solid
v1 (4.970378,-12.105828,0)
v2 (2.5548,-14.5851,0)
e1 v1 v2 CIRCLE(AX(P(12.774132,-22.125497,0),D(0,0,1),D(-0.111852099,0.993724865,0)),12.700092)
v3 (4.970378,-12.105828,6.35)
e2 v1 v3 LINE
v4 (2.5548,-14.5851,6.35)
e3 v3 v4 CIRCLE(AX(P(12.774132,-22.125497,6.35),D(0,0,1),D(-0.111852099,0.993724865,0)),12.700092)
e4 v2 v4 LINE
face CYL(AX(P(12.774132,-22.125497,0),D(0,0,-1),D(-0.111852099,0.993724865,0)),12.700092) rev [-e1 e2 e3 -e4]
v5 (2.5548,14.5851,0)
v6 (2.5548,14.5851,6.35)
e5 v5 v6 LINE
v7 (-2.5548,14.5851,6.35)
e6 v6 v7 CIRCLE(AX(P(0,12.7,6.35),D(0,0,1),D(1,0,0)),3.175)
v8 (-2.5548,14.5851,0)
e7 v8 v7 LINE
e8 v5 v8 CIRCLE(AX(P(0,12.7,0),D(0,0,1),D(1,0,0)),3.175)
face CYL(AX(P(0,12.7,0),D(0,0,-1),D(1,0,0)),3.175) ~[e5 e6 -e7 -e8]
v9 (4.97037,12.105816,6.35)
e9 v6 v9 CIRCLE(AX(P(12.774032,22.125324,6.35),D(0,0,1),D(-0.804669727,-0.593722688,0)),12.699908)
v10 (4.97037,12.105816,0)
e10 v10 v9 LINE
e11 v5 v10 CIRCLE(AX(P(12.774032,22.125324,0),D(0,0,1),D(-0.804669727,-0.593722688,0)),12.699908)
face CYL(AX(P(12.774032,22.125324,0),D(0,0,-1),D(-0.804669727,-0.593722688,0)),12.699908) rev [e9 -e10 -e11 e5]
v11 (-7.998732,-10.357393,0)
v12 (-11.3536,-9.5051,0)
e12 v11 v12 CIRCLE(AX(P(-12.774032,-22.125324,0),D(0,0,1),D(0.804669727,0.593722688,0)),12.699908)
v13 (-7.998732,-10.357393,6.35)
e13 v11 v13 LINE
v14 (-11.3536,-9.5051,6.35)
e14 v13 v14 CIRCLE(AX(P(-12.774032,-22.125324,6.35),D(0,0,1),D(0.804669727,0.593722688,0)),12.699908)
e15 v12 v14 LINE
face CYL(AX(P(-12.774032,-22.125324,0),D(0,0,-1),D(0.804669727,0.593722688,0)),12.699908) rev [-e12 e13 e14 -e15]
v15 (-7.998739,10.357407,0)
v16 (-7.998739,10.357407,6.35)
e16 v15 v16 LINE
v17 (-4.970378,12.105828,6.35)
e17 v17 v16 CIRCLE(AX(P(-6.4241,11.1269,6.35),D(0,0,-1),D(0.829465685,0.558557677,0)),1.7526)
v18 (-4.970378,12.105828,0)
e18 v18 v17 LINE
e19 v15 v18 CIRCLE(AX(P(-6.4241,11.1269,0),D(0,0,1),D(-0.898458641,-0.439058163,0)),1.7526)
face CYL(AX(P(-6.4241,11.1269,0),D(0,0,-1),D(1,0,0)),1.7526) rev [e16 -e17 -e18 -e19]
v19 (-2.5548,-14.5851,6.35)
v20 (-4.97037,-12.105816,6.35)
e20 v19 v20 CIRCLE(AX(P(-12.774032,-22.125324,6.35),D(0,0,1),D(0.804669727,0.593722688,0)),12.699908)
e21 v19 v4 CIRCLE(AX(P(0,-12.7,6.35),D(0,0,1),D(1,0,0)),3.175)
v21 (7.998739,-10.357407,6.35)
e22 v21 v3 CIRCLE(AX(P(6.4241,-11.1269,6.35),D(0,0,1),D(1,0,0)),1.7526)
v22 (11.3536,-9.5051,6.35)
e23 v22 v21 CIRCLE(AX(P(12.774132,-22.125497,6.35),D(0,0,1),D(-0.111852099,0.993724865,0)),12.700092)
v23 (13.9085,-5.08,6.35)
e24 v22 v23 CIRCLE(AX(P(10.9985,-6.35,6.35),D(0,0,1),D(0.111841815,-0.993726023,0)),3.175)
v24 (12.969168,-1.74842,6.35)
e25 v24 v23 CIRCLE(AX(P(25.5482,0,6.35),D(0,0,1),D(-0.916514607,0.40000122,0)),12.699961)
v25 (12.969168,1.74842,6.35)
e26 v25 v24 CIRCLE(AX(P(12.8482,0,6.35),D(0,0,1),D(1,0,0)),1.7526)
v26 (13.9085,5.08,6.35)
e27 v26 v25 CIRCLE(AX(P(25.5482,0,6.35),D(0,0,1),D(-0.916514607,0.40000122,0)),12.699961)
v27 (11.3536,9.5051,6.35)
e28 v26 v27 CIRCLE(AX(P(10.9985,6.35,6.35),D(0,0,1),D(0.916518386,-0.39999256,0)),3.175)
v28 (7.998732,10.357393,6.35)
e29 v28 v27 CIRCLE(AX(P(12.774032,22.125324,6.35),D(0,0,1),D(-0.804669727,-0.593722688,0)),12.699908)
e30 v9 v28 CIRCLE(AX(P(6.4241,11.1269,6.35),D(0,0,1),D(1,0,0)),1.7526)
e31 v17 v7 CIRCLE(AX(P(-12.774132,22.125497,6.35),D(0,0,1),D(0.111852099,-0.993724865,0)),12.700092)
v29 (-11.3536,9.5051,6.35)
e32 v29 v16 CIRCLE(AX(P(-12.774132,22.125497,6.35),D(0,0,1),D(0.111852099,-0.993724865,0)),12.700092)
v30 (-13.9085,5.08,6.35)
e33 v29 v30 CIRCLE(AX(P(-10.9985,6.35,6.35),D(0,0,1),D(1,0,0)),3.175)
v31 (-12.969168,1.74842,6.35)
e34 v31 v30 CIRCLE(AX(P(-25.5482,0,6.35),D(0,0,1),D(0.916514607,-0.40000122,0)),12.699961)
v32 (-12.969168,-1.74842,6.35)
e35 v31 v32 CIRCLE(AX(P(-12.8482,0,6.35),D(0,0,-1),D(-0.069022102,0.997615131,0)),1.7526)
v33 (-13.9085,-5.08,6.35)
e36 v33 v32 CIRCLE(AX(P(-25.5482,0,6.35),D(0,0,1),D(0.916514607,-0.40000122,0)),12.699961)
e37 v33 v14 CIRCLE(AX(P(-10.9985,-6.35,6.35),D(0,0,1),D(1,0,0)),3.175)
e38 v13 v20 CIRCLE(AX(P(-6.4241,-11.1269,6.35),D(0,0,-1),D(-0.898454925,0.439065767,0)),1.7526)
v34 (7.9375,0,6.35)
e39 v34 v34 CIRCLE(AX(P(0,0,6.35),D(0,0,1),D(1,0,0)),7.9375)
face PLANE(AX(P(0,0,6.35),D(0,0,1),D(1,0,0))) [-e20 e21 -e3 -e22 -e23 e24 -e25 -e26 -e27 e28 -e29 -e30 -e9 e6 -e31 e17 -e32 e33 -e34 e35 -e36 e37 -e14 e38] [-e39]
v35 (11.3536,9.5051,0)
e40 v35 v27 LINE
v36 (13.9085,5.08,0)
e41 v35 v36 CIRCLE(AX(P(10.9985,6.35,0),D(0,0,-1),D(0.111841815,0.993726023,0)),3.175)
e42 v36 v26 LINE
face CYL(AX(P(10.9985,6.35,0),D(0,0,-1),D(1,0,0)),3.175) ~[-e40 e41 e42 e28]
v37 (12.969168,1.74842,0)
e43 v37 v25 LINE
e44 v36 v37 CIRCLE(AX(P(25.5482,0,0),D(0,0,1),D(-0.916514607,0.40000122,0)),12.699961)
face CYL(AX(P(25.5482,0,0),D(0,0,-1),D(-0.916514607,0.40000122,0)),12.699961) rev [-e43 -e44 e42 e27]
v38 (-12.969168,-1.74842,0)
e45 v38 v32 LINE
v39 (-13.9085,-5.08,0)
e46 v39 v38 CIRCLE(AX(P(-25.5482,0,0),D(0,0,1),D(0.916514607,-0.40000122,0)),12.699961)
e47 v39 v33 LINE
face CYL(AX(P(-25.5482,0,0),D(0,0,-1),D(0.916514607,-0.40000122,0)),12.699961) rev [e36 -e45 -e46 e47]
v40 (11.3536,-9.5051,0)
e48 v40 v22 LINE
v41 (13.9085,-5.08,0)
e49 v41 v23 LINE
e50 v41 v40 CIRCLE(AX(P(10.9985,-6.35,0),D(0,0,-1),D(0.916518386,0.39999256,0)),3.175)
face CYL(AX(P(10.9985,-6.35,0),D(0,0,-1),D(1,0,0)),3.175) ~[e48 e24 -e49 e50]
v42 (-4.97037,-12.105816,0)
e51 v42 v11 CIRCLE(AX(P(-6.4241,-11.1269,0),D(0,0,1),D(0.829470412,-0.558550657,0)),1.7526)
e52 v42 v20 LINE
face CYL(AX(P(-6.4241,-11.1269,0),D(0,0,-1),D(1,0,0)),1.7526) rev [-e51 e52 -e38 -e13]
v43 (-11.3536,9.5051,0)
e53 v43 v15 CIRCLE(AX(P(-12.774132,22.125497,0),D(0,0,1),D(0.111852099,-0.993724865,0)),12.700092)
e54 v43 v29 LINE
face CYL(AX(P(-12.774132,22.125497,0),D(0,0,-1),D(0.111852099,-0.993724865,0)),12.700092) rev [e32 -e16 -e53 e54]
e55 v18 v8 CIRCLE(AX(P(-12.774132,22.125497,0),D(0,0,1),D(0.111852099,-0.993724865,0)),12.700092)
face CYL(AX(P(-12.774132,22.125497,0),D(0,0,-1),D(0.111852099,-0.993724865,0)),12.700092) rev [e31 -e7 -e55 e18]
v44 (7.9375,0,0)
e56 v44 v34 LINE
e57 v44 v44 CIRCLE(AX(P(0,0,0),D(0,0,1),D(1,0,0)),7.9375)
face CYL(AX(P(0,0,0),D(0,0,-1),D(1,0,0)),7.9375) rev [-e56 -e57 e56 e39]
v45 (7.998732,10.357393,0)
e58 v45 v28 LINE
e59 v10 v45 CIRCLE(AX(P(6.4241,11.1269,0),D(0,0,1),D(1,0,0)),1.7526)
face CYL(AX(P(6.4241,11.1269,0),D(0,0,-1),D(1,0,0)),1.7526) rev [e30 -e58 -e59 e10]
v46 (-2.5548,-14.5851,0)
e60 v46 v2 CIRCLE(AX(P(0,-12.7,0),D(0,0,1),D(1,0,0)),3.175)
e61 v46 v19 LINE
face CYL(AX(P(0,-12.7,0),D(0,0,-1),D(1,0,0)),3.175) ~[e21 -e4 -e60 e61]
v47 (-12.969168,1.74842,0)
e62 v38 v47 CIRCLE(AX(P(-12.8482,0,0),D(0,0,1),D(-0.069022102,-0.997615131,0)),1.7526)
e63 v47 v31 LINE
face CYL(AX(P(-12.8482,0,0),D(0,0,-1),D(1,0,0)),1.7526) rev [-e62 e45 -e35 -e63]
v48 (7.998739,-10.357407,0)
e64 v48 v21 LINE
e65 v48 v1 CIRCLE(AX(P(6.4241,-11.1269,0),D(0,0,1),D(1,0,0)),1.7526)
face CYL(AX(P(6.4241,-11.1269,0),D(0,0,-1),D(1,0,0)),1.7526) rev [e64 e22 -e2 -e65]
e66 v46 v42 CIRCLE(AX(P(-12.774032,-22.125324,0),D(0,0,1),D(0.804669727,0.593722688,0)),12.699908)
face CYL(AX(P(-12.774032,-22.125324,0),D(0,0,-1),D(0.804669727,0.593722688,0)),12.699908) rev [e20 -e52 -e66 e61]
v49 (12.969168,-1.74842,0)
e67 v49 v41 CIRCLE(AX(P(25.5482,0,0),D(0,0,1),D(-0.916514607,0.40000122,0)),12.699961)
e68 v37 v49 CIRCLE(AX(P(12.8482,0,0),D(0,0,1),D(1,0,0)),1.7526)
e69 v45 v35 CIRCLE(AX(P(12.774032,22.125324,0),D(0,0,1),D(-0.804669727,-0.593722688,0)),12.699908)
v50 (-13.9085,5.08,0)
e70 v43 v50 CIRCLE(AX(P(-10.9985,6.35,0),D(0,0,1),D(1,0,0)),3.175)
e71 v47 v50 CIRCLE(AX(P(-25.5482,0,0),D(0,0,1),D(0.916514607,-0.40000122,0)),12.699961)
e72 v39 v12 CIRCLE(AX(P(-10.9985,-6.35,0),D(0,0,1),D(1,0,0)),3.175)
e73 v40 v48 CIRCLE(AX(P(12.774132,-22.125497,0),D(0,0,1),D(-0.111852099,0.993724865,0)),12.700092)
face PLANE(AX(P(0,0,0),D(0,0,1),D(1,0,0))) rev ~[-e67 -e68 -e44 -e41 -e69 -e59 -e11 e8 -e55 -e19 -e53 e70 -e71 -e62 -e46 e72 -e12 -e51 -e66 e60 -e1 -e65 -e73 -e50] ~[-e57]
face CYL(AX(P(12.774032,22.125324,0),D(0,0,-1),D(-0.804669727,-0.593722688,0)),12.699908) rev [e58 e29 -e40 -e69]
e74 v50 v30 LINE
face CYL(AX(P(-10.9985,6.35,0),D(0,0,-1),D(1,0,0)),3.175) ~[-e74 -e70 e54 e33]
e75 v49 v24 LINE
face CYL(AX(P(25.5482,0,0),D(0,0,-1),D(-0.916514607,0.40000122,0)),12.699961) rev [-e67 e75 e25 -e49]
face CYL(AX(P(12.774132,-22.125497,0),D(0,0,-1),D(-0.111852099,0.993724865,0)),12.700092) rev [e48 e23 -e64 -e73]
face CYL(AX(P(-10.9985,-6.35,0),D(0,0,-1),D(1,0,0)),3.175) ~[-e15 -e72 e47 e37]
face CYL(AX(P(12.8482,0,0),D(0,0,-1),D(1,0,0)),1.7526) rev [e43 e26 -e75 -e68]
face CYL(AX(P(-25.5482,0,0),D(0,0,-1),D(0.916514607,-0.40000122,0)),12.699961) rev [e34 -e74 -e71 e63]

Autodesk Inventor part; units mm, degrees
ref_plane "YZ Plane" through (0, 0, 0) normal (1, 0, 0) x (0, 1, 0)
ref_plane "XZ Plane" through (0, 0, 0) normal (0, 1, 0) x (-1, 0, 0)
ref_plane "XY Plane" through (0, 0, 0) normal (0, 0, 1) x (1, 0, 0)
sketch "Sketch1" plane through (0, 0, 0) normal (0, 0, 1) x (1, 0, 0)
  circle A0 centre (0, 0) radius 7.9375
  circle A1 centre (0, 0) radius 15.875 construction
  line L0 (0, 0) -> (0, 15.875) construction
  circle A2 centre (0, 12.7) radius 3.175
  circle A3 centre (-10.9985, 6.35) radius 3.175
  circle A4 centre (-10.9985, -6.35) radius 3.175
  circle A5 centre (0, -12.7) radius 3.175
  circle A6 centre (10.9985, -6.35) radius 3.175
  circle A7 centre (10.9985, 6.35) radius 3.175
  arc A8 (-11.3536, 9.5051) -> (-2.5548, 14.5851) centre (-12.7741, 22.1254) ccw
  circle A9 centre (-6.4241, 11.1269) radius 1.7526
  circle A10 centre (-12.8482, 0) radius 1.7526
  arc A11 (-13.9085, -5.08) -> (-13.9085, 5.08) centre (-25.5482, 0) ccw
  circle A12 centre (-6.4241, -11.1269) radius 1.7526
  arc A13 (-2.5548, -14.5851) -> (-11.3536, -9.5051) centre (-12.7741, -22.1254) ccw
  circle A14 centre (6.4241, -11.1269) radius 1.7526
  arc A15 (11.3536, -9.5051) -> (2.5548, -14.5851) centre (12.7741, -22.1254) ccw
  circle A16 centre (12.8482, 0) radius 1.7526
  arc A17 (13.9085, 5.08) -> (13.9085, -5.08) centre (25.5482, 0) ccw
  circle A18 centre (6.4241, 11.1269) radius 1.7526
  arc A19 (2.5548, 14.5851) -> (11.3536, 9.5051) centre (12.7741, 22.1254) ccw
  point P0 (-13.9085, 5.08)
  point P1 (-12.9691, 1.7484)
  point P2 (-12.9691, -1.7484)
  point P3 (-13.9085, -5.08)
  point P4 (-11.3536, -9.5051)
  point P5 (-7.9987, -10.3574)
  point P6 (-4.9704, -12.1058)
  point P7 (-2.5548, -14.5851)
  point P8 (2.5548, -14.5851)
  point P9 (4.9704, -12.1058)
  point P10 (7.9987, -10.3574)
  point P11 (11.3536, -9.5051)
  point P12 (13.9085, -5.08)
  point P13 (12.9691, -1.7484)
  point P14 (12.9691, 1.7484)
  point P15 (13.9085, 5.08)
  point P16 (11.3536, 9.5051)
  point P17 (7.9987, 10.3574)
  point P18 (4.9704, 12.1058)
  point P19 (2.5548, 14.5851)
  point P20 (-4.9704, 12.1058)
  point P21 (-7.9987, 10.3574)
  dimension "d1" = 31.75
  dimension "d2" = 6.35
  dimension "d0" = 15.875
  dimension "d5" = 360
  dimension "d7" = 12.7
  dimension "d8" = 3.5052
  dimension "d11" = 360
extrude "Extrusion1" add sketch "Sketch1" along normal blind 6.35 contours A2 | A2 A19 A18 A7 A17 A16 A6 A15 A14 A5 A13 A12 A4 A11 A10 A3 A8 A9 | A7 | A3 | A6 | A4 | A5
equation "\"d1\" = Brass_ID"
equation "\"Brass_ID\" = 31.75"
properties part number "Gyro Core" material "UHMW, White"
